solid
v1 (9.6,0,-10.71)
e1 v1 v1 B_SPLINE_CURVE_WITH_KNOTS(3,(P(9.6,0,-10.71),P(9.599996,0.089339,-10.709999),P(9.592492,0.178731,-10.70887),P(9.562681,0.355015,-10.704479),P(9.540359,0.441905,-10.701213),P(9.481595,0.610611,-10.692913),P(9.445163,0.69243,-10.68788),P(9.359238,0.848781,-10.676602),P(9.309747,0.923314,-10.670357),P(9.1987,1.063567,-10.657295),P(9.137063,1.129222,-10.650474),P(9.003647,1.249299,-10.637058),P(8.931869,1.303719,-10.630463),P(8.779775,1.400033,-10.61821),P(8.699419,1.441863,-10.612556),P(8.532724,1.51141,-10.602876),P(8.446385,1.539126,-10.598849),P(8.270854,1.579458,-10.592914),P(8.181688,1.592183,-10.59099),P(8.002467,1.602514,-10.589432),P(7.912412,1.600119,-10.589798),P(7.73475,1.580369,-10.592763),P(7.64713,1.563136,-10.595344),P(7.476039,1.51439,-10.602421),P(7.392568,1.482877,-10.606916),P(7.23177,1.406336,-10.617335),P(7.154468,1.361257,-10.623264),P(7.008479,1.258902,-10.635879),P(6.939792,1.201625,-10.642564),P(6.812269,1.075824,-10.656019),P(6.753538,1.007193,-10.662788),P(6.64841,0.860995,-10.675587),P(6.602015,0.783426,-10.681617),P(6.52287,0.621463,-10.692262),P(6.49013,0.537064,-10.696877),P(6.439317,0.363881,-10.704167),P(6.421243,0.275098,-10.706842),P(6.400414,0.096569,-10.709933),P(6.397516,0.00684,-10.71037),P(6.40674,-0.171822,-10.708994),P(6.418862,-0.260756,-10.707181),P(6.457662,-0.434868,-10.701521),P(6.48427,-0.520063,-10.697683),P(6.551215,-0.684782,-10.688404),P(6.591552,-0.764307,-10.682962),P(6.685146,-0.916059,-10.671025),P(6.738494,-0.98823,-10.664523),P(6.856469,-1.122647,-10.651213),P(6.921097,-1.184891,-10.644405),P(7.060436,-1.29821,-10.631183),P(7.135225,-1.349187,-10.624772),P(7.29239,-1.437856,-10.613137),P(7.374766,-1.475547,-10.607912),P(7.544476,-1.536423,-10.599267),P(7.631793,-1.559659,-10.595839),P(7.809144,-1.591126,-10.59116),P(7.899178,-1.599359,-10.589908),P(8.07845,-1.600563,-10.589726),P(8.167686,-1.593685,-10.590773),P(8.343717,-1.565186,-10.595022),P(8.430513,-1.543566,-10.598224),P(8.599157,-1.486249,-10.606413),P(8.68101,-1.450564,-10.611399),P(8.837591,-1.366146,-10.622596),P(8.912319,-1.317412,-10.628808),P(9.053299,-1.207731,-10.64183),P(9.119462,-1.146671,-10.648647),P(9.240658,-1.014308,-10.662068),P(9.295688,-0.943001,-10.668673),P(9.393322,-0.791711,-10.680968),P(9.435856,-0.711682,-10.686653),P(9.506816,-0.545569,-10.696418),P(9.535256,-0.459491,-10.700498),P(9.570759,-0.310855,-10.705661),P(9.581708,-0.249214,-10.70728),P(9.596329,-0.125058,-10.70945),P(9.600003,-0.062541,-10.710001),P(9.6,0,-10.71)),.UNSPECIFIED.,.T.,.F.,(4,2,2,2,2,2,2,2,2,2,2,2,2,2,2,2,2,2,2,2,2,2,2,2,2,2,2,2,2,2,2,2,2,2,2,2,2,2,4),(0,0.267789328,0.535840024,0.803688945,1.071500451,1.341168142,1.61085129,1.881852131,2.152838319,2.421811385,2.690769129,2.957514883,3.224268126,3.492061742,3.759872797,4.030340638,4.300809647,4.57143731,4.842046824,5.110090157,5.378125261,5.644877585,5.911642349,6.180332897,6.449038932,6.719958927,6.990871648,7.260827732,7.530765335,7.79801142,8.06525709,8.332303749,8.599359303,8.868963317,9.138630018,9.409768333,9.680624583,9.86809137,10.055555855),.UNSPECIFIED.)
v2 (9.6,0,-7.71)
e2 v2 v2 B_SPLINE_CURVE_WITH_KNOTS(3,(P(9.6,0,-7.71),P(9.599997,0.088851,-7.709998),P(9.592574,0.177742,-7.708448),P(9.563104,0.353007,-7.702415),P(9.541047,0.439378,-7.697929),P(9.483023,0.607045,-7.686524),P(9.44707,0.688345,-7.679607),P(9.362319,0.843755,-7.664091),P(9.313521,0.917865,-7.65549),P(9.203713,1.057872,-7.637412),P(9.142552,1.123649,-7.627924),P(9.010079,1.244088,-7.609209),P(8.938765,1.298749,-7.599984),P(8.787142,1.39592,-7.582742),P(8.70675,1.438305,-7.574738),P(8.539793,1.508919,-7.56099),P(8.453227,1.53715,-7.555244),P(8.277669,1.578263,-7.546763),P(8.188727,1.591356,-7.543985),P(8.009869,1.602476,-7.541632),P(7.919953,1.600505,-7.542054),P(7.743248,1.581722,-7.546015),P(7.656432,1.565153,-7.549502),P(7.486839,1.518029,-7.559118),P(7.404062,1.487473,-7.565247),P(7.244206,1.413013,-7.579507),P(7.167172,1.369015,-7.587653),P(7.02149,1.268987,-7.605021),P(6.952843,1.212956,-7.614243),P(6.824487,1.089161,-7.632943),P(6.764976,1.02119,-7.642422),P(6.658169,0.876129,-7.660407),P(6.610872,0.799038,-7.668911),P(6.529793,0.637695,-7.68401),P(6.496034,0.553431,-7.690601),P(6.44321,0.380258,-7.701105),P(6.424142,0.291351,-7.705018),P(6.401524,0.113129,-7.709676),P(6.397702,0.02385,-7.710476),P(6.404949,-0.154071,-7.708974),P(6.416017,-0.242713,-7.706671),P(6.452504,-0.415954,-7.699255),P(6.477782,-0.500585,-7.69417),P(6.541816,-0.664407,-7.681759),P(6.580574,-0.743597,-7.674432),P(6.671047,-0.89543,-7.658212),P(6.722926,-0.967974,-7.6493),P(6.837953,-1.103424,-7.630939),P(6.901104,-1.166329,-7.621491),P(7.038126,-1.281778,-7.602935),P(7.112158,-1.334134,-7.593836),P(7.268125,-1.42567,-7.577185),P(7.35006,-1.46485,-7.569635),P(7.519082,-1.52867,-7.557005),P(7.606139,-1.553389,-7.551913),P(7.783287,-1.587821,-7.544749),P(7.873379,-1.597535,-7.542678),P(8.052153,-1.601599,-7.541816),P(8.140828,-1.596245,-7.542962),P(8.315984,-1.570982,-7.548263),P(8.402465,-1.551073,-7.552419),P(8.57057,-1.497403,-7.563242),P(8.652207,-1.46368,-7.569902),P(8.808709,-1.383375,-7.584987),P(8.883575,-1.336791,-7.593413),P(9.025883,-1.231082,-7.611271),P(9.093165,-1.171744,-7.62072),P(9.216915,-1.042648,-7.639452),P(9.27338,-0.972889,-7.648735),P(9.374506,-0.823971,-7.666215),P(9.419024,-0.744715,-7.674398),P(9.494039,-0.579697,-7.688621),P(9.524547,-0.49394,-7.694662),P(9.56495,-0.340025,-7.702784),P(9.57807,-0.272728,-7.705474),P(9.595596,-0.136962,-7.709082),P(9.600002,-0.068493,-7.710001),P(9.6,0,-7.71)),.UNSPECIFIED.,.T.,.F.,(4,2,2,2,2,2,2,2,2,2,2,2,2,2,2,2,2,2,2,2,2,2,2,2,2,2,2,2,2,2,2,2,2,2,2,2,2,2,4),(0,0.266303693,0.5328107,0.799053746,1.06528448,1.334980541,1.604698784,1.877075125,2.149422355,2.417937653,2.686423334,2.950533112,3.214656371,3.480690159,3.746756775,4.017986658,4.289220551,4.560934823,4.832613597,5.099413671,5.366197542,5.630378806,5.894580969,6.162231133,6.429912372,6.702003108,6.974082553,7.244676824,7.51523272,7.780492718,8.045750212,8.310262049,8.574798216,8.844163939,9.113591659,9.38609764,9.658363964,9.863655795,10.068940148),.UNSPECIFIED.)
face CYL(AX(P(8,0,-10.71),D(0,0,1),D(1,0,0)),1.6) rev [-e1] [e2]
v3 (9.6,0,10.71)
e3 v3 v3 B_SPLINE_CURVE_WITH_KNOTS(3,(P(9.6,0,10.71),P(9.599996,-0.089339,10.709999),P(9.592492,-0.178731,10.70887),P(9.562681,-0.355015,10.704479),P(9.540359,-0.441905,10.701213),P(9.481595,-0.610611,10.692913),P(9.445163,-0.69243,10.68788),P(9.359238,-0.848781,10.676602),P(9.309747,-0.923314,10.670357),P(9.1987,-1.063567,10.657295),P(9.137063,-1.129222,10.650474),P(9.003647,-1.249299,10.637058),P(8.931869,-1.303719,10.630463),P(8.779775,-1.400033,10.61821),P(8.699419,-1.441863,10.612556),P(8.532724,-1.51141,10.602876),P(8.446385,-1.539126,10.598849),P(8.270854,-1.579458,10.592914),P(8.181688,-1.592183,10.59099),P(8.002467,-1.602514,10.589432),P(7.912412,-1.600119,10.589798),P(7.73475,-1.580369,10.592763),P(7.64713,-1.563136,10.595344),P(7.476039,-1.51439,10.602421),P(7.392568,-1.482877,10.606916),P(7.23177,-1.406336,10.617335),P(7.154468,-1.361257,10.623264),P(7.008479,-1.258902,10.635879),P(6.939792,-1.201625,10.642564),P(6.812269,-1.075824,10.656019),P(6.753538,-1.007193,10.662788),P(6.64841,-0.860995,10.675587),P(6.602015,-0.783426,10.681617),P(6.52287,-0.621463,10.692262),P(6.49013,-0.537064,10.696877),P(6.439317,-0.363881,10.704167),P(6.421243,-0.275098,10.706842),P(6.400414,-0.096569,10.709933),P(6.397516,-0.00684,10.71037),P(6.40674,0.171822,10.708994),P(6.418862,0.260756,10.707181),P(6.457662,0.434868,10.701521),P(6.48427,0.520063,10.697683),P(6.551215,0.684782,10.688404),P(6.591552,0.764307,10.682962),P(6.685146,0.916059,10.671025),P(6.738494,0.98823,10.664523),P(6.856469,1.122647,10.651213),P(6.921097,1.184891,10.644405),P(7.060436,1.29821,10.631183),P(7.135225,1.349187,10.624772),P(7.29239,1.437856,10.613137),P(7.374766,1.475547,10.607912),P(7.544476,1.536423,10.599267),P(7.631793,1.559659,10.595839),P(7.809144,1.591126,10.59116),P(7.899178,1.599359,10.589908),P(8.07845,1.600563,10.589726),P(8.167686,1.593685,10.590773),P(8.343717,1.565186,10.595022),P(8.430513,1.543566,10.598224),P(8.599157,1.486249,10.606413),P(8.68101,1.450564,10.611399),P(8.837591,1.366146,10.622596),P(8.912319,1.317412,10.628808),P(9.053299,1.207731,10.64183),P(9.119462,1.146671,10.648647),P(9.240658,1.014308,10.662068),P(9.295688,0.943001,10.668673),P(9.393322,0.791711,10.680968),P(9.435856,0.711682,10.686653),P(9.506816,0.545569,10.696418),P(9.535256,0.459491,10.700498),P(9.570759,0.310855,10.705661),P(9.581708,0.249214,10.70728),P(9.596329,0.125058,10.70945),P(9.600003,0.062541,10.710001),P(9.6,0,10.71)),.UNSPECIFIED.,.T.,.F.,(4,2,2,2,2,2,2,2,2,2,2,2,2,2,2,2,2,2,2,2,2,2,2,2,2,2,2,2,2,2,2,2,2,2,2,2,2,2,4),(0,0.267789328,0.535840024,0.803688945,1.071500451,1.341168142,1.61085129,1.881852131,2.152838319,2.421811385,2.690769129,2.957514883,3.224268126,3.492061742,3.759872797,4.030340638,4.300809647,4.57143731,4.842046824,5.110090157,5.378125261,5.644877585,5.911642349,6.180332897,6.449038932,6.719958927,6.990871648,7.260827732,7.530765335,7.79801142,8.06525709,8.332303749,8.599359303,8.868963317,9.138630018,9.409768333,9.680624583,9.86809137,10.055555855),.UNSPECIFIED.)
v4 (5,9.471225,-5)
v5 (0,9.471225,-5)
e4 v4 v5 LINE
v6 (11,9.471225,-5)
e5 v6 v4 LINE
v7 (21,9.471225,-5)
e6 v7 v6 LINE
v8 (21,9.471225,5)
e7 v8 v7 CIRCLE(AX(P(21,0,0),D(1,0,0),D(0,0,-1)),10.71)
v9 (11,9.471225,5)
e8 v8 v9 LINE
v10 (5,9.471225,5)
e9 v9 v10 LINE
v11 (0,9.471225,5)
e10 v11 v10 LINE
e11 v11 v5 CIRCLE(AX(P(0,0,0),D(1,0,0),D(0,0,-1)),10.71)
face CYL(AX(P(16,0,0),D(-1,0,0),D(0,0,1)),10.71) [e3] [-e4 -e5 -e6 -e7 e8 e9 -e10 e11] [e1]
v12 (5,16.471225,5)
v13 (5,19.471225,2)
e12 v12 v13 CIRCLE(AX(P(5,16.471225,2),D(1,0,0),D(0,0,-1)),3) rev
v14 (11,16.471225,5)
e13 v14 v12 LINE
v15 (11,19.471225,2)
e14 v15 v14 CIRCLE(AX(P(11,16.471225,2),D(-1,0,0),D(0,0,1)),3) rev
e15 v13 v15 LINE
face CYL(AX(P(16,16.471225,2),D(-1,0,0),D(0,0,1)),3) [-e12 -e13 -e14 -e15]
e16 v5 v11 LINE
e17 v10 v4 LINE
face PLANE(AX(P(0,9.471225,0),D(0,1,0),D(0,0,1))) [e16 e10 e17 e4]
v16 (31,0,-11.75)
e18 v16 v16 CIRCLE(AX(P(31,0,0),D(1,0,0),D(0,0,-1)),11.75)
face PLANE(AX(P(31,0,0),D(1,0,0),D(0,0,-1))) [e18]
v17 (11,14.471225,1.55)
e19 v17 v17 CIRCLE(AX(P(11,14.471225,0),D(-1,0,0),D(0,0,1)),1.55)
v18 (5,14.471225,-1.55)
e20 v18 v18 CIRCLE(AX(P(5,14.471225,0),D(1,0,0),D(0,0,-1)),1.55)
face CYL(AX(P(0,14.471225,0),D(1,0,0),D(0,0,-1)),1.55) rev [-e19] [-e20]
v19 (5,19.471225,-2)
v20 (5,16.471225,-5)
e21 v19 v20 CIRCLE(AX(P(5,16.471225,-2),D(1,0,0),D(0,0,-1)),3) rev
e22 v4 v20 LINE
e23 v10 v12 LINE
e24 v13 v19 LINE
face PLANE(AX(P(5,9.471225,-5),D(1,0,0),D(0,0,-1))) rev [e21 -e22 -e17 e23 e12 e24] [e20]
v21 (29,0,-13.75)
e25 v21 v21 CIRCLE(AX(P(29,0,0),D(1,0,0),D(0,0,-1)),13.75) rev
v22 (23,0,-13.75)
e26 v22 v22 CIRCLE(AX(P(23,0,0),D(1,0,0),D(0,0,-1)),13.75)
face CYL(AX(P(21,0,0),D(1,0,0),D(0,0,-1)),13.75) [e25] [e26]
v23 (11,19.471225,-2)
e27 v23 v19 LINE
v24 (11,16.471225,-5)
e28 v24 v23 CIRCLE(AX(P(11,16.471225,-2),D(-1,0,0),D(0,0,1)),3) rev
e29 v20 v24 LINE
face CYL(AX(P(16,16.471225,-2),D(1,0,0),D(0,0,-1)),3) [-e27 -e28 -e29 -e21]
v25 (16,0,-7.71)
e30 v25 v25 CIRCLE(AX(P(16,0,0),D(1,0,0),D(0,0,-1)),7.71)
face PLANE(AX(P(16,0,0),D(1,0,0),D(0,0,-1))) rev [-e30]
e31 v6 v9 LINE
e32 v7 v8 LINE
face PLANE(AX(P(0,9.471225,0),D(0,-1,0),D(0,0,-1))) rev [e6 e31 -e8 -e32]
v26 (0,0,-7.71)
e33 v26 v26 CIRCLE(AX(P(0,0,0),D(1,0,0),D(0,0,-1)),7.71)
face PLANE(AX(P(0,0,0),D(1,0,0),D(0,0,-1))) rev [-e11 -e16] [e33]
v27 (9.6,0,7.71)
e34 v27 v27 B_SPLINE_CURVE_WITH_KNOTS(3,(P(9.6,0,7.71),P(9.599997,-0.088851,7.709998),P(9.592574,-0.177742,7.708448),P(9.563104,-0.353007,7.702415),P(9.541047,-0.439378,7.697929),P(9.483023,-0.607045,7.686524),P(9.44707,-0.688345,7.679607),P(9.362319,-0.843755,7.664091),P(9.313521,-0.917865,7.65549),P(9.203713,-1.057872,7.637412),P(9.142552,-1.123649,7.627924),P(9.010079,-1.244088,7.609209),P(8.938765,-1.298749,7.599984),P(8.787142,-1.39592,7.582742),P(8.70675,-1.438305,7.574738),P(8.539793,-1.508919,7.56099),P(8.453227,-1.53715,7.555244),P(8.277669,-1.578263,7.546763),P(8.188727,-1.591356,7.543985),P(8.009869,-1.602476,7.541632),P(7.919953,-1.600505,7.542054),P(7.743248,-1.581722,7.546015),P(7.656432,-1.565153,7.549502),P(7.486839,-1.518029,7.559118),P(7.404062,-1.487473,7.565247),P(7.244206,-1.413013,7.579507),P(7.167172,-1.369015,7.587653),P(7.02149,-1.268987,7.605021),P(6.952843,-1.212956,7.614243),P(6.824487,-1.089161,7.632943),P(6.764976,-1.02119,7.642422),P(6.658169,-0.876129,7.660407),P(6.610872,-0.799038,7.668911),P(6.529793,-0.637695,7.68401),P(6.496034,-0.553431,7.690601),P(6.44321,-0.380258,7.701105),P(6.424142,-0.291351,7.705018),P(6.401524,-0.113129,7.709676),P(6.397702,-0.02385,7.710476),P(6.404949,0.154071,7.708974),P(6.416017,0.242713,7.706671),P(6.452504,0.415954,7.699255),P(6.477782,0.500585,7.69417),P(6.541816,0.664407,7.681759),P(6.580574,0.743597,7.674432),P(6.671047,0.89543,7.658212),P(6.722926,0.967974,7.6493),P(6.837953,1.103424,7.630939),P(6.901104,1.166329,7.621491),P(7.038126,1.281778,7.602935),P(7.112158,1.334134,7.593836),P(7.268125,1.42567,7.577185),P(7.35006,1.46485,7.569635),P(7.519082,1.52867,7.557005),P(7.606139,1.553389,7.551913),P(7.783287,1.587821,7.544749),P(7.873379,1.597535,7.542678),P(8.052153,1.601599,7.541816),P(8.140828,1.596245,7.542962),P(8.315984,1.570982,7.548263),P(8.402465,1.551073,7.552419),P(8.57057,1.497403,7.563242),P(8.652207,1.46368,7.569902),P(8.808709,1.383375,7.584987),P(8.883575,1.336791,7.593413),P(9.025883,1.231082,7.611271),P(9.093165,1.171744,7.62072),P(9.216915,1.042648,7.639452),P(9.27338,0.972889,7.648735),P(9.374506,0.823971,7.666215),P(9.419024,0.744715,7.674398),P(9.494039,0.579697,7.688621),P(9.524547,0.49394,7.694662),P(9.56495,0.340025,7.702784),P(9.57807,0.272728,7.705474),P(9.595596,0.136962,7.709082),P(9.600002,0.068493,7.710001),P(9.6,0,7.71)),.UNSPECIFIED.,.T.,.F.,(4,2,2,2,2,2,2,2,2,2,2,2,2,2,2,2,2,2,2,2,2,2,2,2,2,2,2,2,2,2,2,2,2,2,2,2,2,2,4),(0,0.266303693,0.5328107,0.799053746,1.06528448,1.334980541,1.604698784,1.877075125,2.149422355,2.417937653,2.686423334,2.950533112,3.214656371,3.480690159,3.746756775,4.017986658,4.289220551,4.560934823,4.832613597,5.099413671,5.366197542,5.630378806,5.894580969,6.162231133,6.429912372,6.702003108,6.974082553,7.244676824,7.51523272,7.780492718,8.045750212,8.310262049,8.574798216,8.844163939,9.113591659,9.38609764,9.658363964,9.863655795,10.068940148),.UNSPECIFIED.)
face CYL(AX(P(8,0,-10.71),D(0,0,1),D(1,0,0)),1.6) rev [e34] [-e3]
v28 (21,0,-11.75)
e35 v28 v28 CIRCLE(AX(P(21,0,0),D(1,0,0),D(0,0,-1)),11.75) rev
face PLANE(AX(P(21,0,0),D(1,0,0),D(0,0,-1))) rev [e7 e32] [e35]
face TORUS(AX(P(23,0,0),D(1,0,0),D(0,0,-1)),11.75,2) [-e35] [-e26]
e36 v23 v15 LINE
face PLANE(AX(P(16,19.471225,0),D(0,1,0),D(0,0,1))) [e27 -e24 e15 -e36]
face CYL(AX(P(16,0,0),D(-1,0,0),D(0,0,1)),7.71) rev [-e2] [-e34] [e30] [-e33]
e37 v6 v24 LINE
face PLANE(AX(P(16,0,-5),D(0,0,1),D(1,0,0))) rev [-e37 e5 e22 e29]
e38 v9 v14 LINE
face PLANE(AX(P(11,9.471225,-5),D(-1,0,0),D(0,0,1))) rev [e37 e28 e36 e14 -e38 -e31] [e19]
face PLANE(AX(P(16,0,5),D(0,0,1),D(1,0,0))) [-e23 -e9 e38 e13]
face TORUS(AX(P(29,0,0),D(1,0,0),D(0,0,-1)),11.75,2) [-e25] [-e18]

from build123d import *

# Parameters (mm, degrees)
SKETCH1_R           = 10.71
SKETCH1_R_2         = 7.71
SKETCH1_W           = 10
SKETCH1_H           = 10
BOSS_EXTRUDE1_DEPTH = 16
SKETCH2_R           = 1.55
CUT_EXTRUDE1_DEPTH  = 34.263383725
SKETCH3_R           = 1.6
CUT_EXTRUDE2_DEPTH  = 34.074839332
CUT_EXTRUDE4_START  = -10
SKETCH4_W           = 5
SKETCH4_H           = 10
CUT_EXTRUDE4_DEPTH  = 10
FILLET1_R           = 3
BOSS_EXTRUDE2_DEPTH = 15
SKETCH10_R          = 13.75
SKETCH10_R_2        = 1.5
BOSS_EXTRUDE3_DEPTH = 10
FILLET2_R           = 2


with BuildPart() as part:
    # Sketch1 → Boss-Extrude1 (new body)
    # profile 1 of 2: a face of its own
    with BuildSketch(Plane(origin=(0, 0, 0), x_dir=(0, 0, -1), z_dir=(1, 0, 0))):
        Circle(SKETCH1_R)
        Circle(SKETCH1_R_2, mode=Mode.SUBTRACT)
    # profile 2 of 2: a face of its own
    with BuildSketch(Plane(origin=(0, 0, 0), x_dir=(0, 0, -1), z_dir=(1, 0, 0))):
        with Locations((0, 14.471224842)):
            Rectangle(SKETCH1_W, SKETCH1_H)
    extrude(amount=BOSS_EXTRUDE1_DEPTH)

    # Sketch2 → Cut-Extrude1 (cut, through all)
    with BuildSketch(Plane(origin=(16, 0, 11), x_dir=(0, 0, 1), z_dir=(-1, 0, 0))):
        with Locations((-11, 14.471224842)):
            Circle(SKETCH2_R)
    extrude(amount=CUT_EXTRUDE1_DEPTH, mode=Mode.SUBTRACT)

    # Sketch3 → Cut-Extrude2 (cut, through all)
    with BuildSketch(Plane.XY.offset(10.71)):
        with Locations((8, 0)):
            Circle(SKETCH3_R)
    extrude(amount=-CUT_EXTRUDE2_DEPTH, mode=Mode.SUBTRACT)

    # Sketch4 → Cut-Extrude4 (cut)
    with BuildSketch(Plane(origin=(0, 19.471224842, 0), x_dir=(1, 0, 0), z_dir=(0, 1, 0)).offset(CUT_EXTRUDE4_START)):
        with Locations((2.5, 0)):
            Rectangle(SKETCH4_W, SKETCH4_H)
        with Locations((13.5, 0)):
            Rectangle(SKETCH4_W, SKETCH4_H)
    extrude(amount=CUT_EXTRUDE4_DEPTH, mode=Mode.SUBTRACT)

    # Fillet1
    fillet1_edges = [part.edges().sort_by_distance(p)[0] for p in [
        (8, 19.471224842, 5),
        (8, 19.471224842, -5),
    ]]
    fillet(fillet1_edges, radius=FILLET1_R)

    # Sketch8 → Boss-Extrude2 (add)
    with BuildSketch(Plane(origin=(16, 0, 0), x_dir=(0, 0, -1), z_dir=(1, 0, 0))):
        with BuildLine():
            Line((5, 9.471224842), (-5, 9.471224842))
            ThreePointArc((-5, 9.471224842), (0, -10.71), (5, 9.471224842))
        make_face()
    extrude(amount=BOSS_EXTRUDE2_DEPTH)

    # Sketch10 → Boss-Extrude3 (add)
    with BuildSketch(Plane(origin=(31, 0, 0), x_dir=(0, 0, -1), z_dir=(1, 0, 0))):
        Circle(SKETCH10_R)
        Circle(SKETCH10_R_2, mode=Mode.SUBTRACT)
    extrude(amount=-BOSS_EXTRUDE3_DEPTH)

    # Fillet2
    fillet2_edges = [part.edges().sort_by_distance(p)[0] for p in [
        (31, 0, 13.75),
        (21, 0, 13.75),
    ]]
    fillet(fillet2_edges, radius=FILLET2_R)


solid = part.part
